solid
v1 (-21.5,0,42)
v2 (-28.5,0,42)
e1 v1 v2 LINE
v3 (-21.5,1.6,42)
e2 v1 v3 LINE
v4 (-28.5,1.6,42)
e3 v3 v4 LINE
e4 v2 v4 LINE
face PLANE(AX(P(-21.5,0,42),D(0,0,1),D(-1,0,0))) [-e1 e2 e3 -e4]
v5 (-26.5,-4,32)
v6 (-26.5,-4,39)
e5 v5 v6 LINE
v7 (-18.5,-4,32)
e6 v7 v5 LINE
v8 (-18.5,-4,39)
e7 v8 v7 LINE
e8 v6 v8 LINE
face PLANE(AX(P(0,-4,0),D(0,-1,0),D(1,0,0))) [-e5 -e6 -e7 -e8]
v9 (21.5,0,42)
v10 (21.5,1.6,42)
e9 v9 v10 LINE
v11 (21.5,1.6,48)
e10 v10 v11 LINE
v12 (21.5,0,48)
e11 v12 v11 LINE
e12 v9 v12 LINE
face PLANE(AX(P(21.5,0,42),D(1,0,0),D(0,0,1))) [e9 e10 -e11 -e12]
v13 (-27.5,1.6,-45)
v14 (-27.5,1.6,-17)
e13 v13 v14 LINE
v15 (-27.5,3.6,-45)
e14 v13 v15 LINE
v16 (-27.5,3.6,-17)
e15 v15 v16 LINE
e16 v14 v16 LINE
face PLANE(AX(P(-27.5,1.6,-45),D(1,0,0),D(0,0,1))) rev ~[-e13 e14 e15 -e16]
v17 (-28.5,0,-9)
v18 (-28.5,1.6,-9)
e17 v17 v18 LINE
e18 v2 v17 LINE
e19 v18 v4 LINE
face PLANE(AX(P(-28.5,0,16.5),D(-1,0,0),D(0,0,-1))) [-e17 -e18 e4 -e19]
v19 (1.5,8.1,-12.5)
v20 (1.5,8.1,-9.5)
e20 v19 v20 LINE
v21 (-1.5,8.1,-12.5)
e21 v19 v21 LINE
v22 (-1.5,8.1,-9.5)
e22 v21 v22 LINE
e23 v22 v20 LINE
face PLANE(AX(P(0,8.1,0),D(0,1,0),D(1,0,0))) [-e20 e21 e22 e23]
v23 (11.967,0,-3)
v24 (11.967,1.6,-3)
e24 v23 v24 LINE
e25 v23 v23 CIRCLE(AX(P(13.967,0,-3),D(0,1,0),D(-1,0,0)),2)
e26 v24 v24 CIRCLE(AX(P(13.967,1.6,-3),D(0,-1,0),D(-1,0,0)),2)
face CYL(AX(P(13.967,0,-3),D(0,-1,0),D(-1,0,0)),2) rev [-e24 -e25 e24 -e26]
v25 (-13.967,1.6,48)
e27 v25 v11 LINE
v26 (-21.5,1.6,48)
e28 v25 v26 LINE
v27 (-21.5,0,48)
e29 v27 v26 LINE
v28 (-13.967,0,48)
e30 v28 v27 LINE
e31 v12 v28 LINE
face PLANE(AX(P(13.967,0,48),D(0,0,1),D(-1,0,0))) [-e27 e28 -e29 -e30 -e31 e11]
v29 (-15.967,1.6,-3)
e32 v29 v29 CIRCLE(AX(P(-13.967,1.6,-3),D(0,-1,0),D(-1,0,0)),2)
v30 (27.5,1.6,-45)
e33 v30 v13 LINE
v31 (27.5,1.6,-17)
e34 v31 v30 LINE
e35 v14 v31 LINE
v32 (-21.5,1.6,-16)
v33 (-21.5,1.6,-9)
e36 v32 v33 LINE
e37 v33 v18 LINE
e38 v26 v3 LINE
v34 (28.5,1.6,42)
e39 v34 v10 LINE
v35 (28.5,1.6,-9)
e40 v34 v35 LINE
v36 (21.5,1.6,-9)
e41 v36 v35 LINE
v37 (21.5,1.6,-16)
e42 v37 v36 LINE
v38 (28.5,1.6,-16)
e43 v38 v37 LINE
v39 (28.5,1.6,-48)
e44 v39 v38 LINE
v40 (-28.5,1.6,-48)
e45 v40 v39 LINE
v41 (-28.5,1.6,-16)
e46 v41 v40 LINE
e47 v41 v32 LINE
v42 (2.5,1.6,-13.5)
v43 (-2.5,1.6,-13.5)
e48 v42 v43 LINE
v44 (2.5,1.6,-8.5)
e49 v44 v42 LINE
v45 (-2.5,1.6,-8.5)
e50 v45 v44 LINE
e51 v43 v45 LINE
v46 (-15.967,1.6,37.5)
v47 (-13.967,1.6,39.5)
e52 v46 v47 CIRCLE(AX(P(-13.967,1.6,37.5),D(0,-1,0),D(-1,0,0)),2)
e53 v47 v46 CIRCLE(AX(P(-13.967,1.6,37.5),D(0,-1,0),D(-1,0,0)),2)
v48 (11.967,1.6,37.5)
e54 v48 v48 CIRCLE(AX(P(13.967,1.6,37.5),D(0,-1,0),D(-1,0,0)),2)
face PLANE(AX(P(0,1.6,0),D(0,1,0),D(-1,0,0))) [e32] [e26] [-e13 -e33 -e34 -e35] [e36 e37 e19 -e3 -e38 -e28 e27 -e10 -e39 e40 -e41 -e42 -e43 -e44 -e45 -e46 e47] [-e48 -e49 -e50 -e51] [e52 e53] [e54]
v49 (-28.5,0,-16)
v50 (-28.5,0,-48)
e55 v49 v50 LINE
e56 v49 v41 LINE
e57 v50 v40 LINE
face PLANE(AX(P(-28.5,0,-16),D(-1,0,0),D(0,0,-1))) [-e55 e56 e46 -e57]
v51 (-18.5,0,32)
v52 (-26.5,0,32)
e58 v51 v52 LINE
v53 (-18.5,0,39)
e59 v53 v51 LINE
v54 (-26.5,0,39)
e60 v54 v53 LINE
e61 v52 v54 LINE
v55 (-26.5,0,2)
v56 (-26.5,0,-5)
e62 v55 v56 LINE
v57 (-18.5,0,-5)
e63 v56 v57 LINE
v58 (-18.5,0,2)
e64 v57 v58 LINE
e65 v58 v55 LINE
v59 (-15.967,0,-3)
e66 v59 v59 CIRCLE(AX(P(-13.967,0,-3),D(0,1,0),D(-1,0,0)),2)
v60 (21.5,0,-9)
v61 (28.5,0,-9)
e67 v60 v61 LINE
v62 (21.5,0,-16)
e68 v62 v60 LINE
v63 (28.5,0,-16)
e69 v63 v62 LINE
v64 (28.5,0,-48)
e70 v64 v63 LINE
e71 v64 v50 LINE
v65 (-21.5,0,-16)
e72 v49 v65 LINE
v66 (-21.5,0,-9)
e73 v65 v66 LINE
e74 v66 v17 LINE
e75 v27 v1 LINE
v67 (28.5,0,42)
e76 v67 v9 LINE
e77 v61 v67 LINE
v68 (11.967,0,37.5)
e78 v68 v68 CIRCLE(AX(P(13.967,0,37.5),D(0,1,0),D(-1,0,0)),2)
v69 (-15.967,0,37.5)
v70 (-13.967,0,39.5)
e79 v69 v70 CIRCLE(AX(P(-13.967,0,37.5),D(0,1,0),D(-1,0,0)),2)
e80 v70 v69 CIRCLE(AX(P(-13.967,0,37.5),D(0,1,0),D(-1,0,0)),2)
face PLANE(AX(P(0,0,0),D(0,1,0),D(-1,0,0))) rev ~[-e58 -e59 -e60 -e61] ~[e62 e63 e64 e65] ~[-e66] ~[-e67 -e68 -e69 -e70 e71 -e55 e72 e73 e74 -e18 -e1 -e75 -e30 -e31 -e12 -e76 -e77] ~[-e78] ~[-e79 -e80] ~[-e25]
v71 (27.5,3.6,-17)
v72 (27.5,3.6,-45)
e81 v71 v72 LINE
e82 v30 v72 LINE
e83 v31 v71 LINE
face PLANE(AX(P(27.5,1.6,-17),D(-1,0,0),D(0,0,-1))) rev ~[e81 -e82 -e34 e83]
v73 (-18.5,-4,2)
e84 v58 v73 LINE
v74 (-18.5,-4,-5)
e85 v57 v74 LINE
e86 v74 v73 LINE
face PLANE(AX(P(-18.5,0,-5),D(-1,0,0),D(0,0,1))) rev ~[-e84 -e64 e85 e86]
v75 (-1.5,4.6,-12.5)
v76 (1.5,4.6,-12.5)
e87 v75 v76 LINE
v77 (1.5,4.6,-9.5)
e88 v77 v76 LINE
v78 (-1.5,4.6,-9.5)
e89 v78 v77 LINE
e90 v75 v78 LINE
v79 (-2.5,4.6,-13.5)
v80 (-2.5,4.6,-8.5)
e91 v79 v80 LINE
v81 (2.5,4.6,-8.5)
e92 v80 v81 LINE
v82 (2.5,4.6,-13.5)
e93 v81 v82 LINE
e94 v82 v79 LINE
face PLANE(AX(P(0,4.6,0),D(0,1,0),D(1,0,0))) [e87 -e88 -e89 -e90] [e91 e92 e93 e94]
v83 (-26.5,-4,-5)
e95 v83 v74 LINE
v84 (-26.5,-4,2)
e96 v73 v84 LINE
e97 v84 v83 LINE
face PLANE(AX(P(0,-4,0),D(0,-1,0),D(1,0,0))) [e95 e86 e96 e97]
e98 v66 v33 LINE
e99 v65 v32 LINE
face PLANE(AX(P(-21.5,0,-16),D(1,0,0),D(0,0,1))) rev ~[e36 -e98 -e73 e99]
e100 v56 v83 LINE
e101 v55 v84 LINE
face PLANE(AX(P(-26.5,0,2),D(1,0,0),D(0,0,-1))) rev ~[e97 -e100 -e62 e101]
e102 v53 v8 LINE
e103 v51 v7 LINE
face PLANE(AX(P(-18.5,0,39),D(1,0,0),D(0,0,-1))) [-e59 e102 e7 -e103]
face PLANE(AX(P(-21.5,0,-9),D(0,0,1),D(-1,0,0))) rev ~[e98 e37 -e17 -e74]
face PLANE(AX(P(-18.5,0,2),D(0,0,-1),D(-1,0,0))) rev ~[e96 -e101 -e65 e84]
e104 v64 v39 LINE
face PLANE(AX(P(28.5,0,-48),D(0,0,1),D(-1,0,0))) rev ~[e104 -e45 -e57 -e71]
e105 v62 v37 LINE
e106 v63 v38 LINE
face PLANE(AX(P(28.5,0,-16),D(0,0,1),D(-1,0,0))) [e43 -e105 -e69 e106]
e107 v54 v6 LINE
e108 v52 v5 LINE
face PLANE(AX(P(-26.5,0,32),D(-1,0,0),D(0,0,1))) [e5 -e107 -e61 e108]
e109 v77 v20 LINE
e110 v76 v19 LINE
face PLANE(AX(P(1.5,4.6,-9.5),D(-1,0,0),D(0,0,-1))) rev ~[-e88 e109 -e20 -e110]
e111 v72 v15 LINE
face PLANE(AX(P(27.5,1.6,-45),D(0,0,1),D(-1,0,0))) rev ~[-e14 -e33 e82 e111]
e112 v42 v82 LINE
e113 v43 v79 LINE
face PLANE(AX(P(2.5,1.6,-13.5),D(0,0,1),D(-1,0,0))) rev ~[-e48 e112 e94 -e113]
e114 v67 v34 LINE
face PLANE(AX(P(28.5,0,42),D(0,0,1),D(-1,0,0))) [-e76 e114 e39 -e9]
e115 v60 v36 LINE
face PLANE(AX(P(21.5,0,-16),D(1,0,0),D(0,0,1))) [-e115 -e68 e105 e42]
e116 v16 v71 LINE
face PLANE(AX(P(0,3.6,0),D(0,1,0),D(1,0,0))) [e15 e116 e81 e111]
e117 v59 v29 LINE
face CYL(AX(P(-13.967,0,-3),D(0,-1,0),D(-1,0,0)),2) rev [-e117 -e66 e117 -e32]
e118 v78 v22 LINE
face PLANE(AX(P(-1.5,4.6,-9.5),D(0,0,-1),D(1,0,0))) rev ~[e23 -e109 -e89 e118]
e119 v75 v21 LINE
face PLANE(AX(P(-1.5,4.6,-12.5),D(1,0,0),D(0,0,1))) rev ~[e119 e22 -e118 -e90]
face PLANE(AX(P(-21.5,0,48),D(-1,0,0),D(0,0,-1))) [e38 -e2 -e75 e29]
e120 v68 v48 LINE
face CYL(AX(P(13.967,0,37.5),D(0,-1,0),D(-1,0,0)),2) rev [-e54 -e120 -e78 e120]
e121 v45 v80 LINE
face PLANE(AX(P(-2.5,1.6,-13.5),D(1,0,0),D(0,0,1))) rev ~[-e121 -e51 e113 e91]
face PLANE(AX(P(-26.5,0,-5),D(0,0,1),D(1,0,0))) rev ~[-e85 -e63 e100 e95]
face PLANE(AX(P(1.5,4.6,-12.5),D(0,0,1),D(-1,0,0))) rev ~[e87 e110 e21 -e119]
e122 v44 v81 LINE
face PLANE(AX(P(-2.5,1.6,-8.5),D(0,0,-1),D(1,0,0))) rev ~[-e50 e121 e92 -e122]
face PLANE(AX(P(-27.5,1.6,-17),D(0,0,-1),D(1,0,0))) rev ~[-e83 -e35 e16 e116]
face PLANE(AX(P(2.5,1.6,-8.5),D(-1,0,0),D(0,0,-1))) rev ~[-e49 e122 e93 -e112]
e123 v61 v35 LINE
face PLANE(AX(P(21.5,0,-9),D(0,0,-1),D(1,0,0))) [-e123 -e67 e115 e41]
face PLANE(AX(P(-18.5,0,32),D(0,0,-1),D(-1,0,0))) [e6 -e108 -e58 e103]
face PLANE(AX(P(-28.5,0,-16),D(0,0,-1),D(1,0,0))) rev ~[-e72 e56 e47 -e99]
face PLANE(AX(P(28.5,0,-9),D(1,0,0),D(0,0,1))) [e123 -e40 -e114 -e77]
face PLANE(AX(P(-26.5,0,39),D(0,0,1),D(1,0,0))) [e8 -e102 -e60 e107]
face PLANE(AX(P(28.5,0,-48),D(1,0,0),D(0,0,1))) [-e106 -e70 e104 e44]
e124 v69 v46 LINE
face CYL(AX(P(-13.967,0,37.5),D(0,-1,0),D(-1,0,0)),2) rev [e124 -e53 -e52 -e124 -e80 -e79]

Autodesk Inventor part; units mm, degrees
ref_plane "YZ Plane" through (0, 0, 0) normal (1, 0, 0) x (0, 1, 0)
ref_plane "XZ Plane" through (0, 0, 0) normal (0, 1, 0) x (-1, 0, 0)
ref_plane "XY Plane" through (0, 0, 0) normal (0, 0, 1) x (1, 0, 0)
sketch "Sketch1" plane through (0, 0, 0) normal (0, 1, 0) x (-1, 0, 0)
  line L0 (-28.5, -48) -> (28.5, -48)
  line L1 (28.5, 48) -> (-28.5, -48) construction
  line L2 (-28.5, 48) -> (28.5, -48) construction
  line L3 (-28.5, -48) -> (-28.5, -16)
  line L4 (-28.5, -16) -> (-21.5, -16)
  line L5 (-21.5, -16) -> (-21.5, -9)
  line L6 (-21.5, -9) -> (-28.5, -9)
  line L7 (0, -48) -> (0, 48)
  line L8 (21.5, -16) -> (21.5, -9)
  line L9 (28.5, -16) -> (21.5, -16)
  line L10 (21.5, -9) -> (28.5, -9)
  line L11 (-28.5, -9) -> (-28.5, 16.5)
  line L12 (-28.5, 16.5) -> (28.5, 16.5)
  line L13 (21.5, 42) -> (28.5, 42)
  line L14 (-28.5, -48) -> (-13.5, -48)
  line L15 (-13.5, -48) -> (-13.5, -3)
  line L16 (28.5, 42) -> (28.5, -9)
  line L17 (28.5, -16) -> (28.5, -48)
  line L18 (-28.5, 16.5) -> (-28.5, 42)
  line L19 (-28.5, -3) -> (-13.967, -3)
  circle A0 centre (-13.967, -3) radius 2
  line L20 (-28.5, 37) -> (-13.967, 37)
  circle A1 centre (13.967, -3) radius 2
  line L21 (21.5, 48) -> (21.5, 42)
  line L22 (-28.5, 42) -> (-21.5, 42)
  line L23 (-21.5, 42) -> (-21.5, 48)
  line L24 (-21.5, 48) -> (21.5, 48)
  line L25 (-13.967, 48) -> (-13.967, 37.5)
  line L26 (-13.967, 48) -> (-3.467, 48) construction
  line L27 (13.967, 48) -> (13.967, 37.5)
  circle A2 centre (13.967, 37.5) radius 2
  circle A3 centre (-13.967, 37.5) radius 2
  point P0 (0, 0)
  dimension "d0" = 57
  dimension "d1" = 96
  dimension "d2" = 32
  dimension "d3" = 7
  dimension "d4" = 7
  dimension "d5" = 25.5
  dimension "d7" = 45
  dimension "d40" = 14.533
  dimension "d41" = 4
  dimension "d42" = 14.533
  dimension "d50" = 14.533
  dimension "d57" = 7
  dimension "d59" = 10.5
  dimension "d60" = 90
  dimension "d61" = 10.5
  dimension "d62" = 4
  dimension "d63" = 4
extrude "Extrusion2" add sketch "Sketch1" along normal blind 1.6 contours L3 L4 L5 L6 L11 L19 A0 L15 L0 | L15 A0 L19 L11 L12 L7 L0 | L7 L12 L16 L10 L8 L9 L17 L0 | A0 | L12 L18 L20 A3 L25 L24 L7 | A2 | L7 L24 L21 L13 L16 L12 | L25 A3 L20 L18 L22 L23 L24 | A3 | A1
sketch "Sketch3" plane through (0, 1.6, 0) normal (0, 1, 0) x (1, 0, 0)
  line L0 (28.5, 48) -> (-28.5, 48) projected
  line L1 (28.5, 48) -> (27.5, 48)
  line L2 (27.5, 48) -> (27.5, 45)
  line L3 (27.5, 45) -> (28.5, 45)
  line L4 (28.5, 45) -> (28.5, 48)
  line L5 (27.5, 45) -> (-27.5, 45)
  line L6 (-27.5, 45) -> (-27.5, 17)
  line L7 (-27.5, 17) -> (27.5, 17)
  line L8 (27.5, 17) -> (27.5, 45)
  point P0 (0, 0)
  dimension "d16" = 1
  dimension "d17" = 3
  dimension "d18" = 55
  dimension "d19" = 28
extrude "Extrusion3" add sketch "Sketch3" along normal blind 2 contours L8 L7 L6 L5
sketch "Sketch4" plane through (0, 1.6, 0) normal (0, 1, 0) x (1, 0, 0)
  line L0 (-2.5, 8.5) -> (2.5, 8.5)
  line L1 (2.5, 8.5) -> (2.5, 13.5)
  line L2 (2.5, 13.5) -> (-2.5, 13.5)
  line L3 (-2.5, 13.5) -> (-2.5, 8.5)
  line L4 (-2.5, 8.5) -> (2.5, 13.5) construction
  line L5 (2.5, 8.5) -> (-2.5, 13.5) construction
  point P0 (0, 0)
  point P1 (-21.5, -46.725)
  point P2 (21.5, -46.725)
extrude "Extrusion4" add sketch "Sketch4" along normal blind 3
sketch "Sketch5" plane through (0, 4.6, 0) normal (0, 1, 0) x (1, 0, 0)
  line L0 (-2.5, 8.5) -> (-2.5, 13.5) projected
  line L1 (-2.5, 13.5) -> (0, 13.5)
  line L2 (0, 13.5) -> (0, 11)
  line L3 (0, 11) -> (-2.5, 11)
  line L4 (-2.5, 11) -> (-2.5, 13.5)
  line L5 (-5, 6) -> (5, 6)
  line L6 (5, 6) -> (5, 16)
  line L7 (5, 16) -> (-5, 16)
  line L8 (-5, 16) -> (-5, 6)
  line L9 (-5, 6) -> (5, 16) construction
  line L10 (5, 6) -> (-5, 16) construction
  point P0 (0, 0)
  dimension "d64" = 10
  dimension "d65" = 10
sketch "Sketch6" plane through (0, 4.6, 0) normal (0, 1, 0) x (1, 0, 0)
  line L0 (2.5, 8.5) -> (2.5, 13.5) projected
  line L1 (2.5, 13.5) -> (0, 13.5)
  line L2 (0, 13.5) -> (0, 11)
  line L3 (0, 11) -> (2.5, 11)
  line L4 (2.5, 11) -> (2.5, 13.5)
  line L5 (-1.5, 9.5) -> (1.5, 9.5)
  line L6 (1.5, 9.5) -> (1.5, 12.5)
  line L7 (1.5, 12.5) -> (-1.5, 12.5)
  line L8 (-1.5, 12.5) -> (-1.5, 9.5)
  line L9 (-1.5, 9.5) -> (1.5, 12.5) construction
  line L10 (1.5, 9.5) -> (-1.5, 12.5) construction
  point P0 (0, 0)
  dimension "d29" = 3
  dimension "d30" = 3
extrude "Extrusion5" add sketch "Sketch6" along normal blind 3.5 contours L6 L5 L8 L7 L2 L3 | L3 L2 L7 L6
sketch "Sketch7" plane through (0, 0, 0) normal (0, -1, 0) x (1, 0, 0)
  line L0 (28.5, -48) -> (-28.5, -48) projected
  line L1 (-28.5, -48) -> (-26.5, -48)
  line L2 (-26.5, -48) -> (-26.5, -5)
  line L3 (-26.5, -5) -> (-28.5, -5)
  line L4 (-28.5, -5) -> (-28.5, -48)
  line L5 (-26.5, -5) -> (-18.5, -5)
  line L6 (-18.5, -5) -> (-18.5, 2)
  line L7 (-18.5, 2) -> (-26.5, 2)
  line L8 (-26.5, 2) -> (-26.5, -5)
  line L9 (-26.5, 2) -> (-26.5, 17)
  line L10 (-26.5, 17) -> (0, 17)
  line L11 (-18.5, 32) -> (-26.5, 32)
  line L12 (-18.5, 39) -> (-18.5, 32)
  line L13 (-26.5, 39) -> (-18.5, 39)
  line L14 (-26.5, 32) -> (-26.5, 39)
  point P0 (0, 0)
  dimension "d33" = 2
  dimension "d34" = 43
  dimension "d35" = 8
  dimension "d36" = 7
  dimension "d37" = 15
extrude "Extrusion6" add sketch "Sketch7" along normal blind 4 contours L8 L7 L6 L5 | L11 L14 L13 L12
extrude "Extrusion7" cut sketch "Sketch1" along normal blind 10 contours A0
extrude "Extrusion8" cut sketch "Sketch1" along normal blind 10 contours A1
extrude "Extrusion9" cut sketch "Sketch1" along normal blind 10 contours A2 | A3
properties part number "Cheapstat"
